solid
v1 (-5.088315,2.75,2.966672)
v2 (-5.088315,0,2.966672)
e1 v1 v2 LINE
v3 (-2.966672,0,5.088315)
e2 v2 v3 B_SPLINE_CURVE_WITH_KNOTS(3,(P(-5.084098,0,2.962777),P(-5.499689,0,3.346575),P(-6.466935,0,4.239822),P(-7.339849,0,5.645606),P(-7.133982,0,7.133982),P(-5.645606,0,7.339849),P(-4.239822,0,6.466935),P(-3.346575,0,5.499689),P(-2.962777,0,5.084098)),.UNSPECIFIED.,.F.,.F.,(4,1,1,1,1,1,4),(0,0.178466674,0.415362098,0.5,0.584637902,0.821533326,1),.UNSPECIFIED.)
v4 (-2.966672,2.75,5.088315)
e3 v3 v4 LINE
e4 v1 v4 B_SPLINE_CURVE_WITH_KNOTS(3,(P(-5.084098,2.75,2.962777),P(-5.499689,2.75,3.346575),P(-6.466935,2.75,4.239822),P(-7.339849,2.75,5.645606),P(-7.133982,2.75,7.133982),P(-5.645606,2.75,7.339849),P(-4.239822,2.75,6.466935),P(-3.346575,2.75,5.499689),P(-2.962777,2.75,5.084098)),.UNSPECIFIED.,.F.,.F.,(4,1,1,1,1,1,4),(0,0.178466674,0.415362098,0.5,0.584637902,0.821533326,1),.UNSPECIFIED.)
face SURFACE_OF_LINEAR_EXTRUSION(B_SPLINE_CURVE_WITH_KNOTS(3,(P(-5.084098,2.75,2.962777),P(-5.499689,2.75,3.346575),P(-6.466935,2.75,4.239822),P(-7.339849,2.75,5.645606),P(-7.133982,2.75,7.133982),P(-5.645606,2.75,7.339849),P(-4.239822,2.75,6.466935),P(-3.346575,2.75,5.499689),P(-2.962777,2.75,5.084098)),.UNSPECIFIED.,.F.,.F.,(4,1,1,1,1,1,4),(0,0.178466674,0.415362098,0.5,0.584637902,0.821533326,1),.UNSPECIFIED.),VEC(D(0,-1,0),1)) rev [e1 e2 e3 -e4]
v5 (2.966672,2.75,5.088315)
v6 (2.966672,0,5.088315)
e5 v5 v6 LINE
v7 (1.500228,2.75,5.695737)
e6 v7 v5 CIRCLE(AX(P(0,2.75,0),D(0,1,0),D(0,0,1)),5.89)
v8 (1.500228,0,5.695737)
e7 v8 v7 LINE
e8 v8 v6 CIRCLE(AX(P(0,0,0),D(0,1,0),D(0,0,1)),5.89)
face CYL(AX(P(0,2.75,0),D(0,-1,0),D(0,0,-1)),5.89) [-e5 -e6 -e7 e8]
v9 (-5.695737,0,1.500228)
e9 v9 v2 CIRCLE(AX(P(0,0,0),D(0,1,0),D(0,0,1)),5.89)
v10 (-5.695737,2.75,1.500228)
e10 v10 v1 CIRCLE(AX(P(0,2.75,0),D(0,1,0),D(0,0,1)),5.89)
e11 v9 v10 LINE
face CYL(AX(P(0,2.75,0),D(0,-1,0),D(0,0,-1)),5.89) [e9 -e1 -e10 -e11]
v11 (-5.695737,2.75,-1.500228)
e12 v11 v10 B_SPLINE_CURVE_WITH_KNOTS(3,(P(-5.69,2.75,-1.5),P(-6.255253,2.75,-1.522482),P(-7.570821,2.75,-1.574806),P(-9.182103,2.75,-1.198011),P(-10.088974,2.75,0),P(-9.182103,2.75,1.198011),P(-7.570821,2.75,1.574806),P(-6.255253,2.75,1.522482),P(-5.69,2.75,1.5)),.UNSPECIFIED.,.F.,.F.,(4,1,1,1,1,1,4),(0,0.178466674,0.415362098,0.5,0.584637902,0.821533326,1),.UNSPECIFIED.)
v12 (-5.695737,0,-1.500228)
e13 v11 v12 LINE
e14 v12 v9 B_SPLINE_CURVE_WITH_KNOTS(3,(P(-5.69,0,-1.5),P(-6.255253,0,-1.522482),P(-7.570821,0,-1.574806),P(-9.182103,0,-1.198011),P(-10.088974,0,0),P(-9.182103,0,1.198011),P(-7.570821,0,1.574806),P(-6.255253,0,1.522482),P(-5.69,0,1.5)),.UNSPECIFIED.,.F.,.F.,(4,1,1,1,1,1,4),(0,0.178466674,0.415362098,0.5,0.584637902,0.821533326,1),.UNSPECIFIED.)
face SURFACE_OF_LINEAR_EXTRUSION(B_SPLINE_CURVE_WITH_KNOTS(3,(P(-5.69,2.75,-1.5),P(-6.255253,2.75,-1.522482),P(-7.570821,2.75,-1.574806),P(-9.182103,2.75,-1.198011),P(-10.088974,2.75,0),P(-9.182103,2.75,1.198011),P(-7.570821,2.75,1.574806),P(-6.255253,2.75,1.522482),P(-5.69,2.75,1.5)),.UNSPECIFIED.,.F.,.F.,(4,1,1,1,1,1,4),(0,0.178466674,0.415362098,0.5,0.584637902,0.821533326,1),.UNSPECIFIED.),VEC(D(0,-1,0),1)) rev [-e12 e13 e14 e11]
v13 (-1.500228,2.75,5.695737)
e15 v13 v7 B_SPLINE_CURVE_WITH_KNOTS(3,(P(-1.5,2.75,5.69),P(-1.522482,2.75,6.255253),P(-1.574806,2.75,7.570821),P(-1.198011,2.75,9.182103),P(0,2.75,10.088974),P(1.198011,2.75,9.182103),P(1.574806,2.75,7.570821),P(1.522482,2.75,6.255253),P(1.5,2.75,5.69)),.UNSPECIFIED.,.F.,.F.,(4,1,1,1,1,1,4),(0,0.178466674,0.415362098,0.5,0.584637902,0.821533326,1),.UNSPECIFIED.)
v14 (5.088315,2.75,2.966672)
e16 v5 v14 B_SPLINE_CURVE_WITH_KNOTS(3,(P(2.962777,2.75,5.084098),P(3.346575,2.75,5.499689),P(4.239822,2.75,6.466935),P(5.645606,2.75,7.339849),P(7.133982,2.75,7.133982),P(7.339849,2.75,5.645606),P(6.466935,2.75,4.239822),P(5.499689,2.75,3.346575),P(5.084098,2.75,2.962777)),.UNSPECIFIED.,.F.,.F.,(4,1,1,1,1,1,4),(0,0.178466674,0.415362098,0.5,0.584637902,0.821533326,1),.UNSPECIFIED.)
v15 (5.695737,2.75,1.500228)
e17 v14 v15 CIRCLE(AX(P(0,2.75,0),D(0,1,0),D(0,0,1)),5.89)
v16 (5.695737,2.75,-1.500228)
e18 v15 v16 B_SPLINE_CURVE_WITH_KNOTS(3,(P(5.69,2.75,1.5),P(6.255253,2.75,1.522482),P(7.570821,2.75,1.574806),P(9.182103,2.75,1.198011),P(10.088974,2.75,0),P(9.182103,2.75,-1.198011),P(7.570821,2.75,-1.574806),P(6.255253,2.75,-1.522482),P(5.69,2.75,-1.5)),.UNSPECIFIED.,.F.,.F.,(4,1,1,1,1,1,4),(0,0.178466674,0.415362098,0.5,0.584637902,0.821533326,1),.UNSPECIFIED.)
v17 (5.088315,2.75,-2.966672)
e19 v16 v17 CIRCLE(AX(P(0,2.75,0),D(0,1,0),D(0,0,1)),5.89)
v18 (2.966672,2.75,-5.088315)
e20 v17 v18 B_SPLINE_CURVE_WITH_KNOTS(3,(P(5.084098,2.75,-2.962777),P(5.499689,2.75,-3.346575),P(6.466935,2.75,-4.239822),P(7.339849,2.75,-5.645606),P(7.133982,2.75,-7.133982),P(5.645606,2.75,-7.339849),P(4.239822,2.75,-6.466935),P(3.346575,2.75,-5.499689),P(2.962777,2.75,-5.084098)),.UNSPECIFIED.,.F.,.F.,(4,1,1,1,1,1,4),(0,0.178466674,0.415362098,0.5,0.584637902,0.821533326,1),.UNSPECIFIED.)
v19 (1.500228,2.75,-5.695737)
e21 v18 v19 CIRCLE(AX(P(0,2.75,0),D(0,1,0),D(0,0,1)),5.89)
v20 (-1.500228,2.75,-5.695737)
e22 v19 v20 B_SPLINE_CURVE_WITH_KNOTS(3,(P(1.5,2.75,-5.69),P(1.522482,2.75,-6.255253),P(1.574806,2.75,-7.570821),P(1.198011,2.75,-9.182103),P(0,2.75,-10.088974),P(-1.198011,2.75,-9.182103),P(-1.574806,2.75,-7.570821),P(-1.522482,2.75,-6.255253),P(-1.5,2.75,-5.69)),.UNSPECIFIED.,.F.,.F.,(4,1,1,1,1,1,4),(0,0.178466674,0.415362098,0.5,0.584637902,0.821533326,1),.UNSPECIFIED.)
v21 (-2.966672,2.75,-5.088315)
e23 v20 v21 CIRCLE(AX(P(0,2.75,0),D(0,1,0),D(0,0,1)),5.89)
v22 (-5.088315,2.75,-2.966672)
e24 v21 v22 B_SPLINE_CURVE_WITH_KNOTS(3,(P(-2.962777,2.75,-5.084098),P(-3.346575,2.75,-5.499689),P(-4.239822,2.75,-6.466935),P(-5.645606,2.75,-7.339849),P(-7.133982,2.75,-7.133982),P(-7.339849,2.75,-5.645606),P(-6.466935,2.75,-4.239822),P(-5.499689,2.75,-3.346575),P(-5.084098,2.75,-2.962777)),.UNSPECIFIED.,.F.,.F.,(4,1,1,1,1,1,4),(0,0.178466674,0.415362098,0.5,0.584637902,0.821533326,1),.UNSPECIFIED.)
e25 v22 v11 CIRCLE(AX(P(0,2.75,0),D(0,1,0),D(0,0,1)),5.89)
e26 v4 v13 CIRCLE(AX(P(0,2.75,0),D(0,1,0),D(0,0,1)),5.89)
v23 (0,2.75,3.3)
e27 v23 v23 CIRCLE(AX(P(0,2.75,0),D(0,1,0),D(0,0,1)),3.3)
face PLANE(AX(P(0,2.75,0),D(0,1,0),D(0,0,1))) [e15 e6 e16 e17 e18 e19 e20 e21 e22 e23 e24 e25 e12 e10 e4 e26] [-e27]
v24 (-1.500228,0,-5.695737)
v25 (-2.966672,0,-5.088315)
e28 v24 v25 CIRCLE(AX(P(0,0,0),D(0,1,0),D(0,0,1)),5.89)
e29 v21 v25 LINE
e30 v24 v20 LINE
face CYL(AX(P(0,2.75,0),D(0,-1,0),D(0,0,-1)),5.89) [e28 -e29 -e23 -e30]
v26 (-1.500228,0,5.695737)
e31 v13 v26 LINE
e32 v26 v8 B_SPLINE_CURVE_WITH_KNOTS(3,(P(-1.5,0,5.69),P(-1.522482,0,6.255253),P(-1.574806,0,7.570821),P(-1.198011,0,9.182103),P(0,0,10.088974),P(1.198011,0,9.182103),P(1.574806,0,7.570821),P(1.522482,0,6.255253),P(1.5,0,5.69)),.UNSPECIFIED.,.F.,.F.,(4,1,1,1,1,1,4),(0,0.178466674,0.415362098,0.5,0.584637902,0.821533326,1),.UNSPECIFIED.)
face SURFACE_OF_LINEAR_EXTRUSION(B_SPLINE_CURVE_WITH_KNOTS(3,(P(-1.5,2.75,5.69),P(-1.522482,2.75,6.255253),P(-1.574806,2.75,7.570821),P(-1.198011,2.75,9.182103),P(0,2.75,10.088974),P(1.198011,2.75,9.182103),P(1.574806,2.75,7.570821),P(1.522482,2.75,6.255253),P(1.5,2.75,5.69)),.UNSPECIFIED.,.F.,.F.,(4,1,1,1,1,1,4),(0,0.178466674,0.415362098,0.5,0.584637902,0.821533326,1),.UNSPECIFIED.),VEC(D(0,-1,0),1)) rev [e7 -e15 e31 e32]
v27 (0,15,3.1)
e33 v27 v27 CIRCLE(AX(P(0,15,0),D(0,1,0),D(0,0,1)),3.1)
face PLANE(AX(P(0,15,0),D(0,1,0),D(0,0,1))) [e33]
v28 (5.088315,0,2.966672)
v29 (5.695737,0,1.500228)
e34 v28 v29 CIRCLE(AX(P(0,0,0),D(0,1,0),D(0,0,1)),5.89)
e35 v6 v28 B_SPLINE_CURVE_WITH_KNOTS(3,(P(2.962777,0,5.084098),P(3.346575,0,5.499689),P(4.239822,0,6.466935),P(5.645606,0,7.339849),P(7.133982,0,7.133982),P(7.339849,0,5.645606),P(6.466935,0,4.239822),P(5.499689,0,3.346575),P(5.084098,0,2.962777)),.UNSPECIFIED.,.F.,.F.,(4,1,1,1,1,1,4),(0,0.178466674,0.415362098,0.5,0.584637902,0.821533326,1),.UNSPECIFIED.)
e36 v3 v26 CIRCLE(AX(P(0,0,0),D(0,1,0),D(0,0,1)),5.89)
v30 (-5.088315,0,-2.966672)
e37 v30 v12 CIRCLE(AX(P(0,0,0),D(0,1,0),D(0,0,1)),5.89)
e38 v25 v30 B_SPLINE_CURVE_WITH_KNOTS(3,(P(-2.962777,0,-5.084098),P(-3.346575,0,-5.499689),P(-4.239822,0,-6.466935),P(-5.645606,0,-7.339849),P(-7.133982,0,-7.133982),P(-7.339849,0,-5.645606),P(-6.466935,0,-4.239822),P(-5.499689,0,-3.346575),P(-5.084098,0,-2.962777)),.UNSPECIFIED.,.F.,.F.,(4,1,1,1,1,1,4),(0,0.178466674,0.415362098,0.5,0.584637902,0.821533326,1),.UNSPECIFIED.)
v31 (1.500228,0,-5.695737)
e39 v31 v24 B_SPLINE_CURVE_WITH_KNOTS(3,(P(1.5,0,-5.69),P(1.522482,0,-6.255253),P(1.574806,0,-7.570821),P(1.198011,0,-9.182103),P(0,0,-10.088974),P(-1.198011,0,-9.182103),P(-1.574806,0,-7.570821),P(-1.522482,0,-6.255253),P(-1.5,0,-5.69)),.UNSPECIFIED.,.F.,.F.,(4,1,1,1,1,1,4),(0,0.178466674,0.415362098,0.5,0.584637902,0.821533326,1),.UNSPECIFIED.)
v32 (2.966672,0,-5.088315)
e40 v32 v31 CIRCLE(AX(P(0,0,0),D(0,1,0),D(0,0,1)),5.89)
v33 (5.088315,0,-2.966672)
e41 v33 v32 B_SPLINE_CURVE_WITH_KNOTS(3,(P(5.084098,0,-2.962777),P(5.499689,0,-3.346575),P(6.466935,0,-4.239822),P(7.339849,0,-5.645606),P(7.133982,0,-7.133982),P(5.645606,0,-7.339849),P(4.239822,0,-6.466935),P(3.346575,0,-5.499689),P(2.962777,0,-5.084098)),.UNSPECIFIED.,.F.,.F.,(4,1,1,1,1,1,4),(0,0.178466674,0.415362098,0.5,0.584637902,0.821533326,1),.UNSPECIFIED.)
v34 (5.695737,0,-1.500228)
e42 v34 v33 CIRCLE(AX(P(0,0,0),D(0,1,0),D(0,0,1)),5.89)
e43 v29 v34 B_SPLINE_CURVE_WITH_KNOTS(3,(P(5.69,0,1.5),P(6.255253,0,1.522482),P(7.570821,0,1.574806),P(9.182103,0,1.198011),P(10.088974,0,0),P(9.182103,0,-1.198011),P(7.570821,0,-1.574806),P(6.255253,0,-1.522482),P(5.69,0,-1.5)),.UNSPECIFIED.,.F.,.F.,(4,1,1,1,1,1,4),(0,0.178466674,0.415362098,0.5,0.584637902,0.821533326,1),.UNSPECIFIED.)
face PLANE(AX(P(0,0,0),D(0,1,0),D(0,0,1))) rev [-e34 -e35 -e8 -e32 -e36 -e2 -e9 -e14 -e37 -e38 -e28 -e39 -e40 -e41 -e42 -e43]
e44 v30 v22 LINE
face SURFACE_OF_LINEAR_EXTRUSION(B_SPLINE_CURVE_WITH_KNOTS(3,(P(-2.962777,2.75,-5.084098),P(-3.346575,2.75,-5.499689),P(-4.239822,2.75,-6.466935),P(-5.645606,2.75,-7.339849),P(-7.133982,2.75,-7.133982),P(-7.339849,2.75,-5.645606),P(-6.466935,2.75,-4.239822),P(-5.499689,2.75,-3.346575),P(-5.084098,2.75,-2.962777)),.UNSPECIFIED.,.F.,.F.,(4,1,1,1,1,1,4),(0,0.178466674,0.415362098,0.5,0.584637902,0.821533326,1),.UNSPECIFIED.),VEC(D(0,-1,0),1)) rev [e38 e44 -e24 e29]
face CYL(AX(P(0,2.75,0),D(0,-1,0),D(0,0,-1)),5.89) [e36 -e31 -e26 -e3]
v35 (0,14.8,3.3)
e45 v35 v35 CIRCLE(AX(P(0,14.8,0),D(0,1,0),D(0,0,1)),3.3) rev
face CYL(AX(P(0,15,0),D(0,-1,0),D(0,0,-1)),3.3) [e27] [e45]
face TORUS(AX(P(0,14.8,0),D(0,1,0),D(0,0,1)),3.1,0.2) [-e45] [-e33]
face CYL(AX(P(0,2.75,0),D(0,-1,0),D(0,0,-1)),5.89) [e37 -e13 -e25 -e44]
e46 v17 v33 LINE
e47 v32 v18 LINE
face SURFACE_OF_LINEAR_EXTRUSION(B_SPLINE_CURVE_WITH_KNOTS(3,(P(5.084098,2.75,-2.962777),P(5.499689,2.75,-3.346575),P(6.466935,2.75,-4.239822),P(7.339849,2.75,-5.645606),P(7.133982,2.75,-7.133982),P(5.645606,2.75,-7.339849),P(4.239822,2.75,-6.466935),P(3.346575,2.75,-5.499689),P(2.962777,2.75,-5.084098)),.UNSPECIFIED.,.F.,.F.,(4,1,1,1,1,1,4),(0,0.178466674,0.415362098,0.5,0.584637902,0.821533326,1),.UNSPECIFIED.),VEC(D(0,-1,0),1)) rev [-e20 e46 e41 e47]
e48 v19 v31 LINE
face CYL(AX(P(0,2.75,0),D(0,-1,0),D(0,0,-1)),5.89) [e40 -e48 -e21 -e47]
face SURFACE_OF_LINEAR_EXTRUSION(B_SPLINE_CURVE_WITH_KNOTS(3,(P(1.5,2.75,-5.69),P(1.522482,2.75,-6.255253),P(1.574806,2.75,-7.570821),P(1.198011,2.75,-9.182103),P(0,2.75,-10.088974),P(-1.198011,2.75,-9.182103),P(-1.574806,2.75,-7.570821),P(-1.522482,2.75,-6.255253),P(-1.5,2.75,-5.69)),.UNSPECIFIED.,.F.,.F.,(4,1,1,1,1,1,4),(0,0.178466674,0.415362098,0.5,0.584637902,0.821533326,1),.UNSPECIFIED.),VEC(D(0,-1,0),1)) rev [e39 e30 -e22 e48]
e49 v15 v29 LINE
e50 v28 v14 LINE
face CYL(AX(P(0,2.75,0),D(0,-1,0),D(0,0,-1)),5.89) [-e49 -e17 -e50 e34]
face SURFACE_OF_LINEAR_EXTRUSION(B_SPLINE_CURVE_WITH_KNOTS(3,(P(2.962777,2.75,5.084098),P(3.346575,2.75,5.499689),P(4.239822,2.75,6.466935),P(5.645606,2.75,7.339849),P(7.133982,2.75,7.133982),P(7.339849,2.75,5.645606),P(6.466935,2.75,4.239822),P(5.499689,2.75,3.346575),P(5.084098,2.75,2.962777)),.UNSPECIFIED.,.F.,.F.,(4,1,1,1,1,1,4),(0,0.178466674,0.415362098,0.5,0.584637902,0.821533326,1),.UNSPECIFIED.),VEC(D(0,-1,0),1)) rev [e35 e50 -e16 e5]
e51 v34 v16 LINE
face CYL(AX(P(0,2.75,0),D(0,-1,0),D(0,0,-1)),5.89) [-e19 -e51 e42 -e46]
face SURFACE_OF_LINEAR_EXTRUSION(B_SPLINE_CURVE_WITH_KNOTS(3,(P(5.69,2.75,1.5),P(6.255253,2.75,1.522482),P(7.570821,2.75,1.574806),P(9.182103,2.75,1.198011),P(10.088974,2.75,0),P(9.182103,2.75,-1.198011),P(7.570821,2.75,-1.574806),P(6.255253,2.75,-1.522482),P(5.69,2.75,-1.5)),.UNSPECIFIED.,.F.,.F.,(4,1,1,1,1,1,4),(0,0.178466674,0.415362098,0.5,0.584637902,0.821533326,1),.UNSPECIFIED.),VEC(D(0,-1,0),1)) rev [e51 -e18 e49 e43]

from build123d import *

# Parameters (mm, degrees)
SKETCH1_R           = 5.89
BOSS_EXTRUDE1_DEPTH = 2.75
BOSS_EXTRUDE2_DEPTH = 2.75
SKETCH4_R           = 3.3
BOSS_EXTRUDE3_DEPTH = 12.25
CIRPATTERN1_COUNT   = 8
FILLET1_R           = 0.2


with BuildPart() as part:
    # Sketch1 → Boss-Extrude1 (new body)
    with BuildSketch(Plane(origin=(0, 0, 0), x_dir=(1, 0, 0), z_dir=(0, 1, 0))):
        with Locations(Location((0, 0, 0), (0, 0, 270))):
            Circle(SKETCH1_R)
    extrude(amount=BOSS_EXTRUDE1_DEPTH)

    # Sketch3 → Boss-Extrude2 (add)
    with BuildSketch(Plane.XZ):
        with BuildLine():
            Line((-1.5, -5.69), (1.5, -5.69))
            add(Edge.make_bspline(
                [(1.5, -5.69), (1.522481898, -6.255253499), (1.574806111, -7.570820568), (1.198010999, -9.182103144), (0, -10.088973517), (-1.198010999, -9.182103144), (-1.574806111, -7.570820568), (-1.522481898, -6.255253499), (-1.5, -5.69)],
                knots=[0, 0, 0, 0, 0.178466674, 0.415362098, 0.5, 0.584637902, 0.821533326, 1, 1, 1, 1], degree=3))
        make_face()
    boss_extrude2 = extrude(amount=-BOSS_EXTRUDE2_DEPTH)

    # Sketch4 → Boss-Extrude3 (add)
    with BuildSketch(Plane(origin=(0, 2.75, 0), x_dir=(1, 0, 0), z_dir=(0, 1, 0))):
        with Locations(Location((0, 0, 0), (0, 0, 270))):
            Circle(SKETCH4_R)
    extrude(amount=BOSS_EXTRUDE3_DEPTH)

    # CirPattern1: Boss-Extrude2 ×8 about axis
    cirpattern1_axis = Axis((0, 0, 0), (0, 1, 0))
    for i in range(1, CIRPATTERN1_COUNT):
        add(boss_extrude2.rotate(cirpattern1_axis, i * 360 / CIRPATTERN1_COUNT))

    # Fillet1
    fillet1_edges = [part.edges().sort_by_distance(p)[0] for p in [
        (0, 15, -3.3),
    ]]
    fillet(fillet1_edges, radius=FILLET1_R)


solid = part.part
